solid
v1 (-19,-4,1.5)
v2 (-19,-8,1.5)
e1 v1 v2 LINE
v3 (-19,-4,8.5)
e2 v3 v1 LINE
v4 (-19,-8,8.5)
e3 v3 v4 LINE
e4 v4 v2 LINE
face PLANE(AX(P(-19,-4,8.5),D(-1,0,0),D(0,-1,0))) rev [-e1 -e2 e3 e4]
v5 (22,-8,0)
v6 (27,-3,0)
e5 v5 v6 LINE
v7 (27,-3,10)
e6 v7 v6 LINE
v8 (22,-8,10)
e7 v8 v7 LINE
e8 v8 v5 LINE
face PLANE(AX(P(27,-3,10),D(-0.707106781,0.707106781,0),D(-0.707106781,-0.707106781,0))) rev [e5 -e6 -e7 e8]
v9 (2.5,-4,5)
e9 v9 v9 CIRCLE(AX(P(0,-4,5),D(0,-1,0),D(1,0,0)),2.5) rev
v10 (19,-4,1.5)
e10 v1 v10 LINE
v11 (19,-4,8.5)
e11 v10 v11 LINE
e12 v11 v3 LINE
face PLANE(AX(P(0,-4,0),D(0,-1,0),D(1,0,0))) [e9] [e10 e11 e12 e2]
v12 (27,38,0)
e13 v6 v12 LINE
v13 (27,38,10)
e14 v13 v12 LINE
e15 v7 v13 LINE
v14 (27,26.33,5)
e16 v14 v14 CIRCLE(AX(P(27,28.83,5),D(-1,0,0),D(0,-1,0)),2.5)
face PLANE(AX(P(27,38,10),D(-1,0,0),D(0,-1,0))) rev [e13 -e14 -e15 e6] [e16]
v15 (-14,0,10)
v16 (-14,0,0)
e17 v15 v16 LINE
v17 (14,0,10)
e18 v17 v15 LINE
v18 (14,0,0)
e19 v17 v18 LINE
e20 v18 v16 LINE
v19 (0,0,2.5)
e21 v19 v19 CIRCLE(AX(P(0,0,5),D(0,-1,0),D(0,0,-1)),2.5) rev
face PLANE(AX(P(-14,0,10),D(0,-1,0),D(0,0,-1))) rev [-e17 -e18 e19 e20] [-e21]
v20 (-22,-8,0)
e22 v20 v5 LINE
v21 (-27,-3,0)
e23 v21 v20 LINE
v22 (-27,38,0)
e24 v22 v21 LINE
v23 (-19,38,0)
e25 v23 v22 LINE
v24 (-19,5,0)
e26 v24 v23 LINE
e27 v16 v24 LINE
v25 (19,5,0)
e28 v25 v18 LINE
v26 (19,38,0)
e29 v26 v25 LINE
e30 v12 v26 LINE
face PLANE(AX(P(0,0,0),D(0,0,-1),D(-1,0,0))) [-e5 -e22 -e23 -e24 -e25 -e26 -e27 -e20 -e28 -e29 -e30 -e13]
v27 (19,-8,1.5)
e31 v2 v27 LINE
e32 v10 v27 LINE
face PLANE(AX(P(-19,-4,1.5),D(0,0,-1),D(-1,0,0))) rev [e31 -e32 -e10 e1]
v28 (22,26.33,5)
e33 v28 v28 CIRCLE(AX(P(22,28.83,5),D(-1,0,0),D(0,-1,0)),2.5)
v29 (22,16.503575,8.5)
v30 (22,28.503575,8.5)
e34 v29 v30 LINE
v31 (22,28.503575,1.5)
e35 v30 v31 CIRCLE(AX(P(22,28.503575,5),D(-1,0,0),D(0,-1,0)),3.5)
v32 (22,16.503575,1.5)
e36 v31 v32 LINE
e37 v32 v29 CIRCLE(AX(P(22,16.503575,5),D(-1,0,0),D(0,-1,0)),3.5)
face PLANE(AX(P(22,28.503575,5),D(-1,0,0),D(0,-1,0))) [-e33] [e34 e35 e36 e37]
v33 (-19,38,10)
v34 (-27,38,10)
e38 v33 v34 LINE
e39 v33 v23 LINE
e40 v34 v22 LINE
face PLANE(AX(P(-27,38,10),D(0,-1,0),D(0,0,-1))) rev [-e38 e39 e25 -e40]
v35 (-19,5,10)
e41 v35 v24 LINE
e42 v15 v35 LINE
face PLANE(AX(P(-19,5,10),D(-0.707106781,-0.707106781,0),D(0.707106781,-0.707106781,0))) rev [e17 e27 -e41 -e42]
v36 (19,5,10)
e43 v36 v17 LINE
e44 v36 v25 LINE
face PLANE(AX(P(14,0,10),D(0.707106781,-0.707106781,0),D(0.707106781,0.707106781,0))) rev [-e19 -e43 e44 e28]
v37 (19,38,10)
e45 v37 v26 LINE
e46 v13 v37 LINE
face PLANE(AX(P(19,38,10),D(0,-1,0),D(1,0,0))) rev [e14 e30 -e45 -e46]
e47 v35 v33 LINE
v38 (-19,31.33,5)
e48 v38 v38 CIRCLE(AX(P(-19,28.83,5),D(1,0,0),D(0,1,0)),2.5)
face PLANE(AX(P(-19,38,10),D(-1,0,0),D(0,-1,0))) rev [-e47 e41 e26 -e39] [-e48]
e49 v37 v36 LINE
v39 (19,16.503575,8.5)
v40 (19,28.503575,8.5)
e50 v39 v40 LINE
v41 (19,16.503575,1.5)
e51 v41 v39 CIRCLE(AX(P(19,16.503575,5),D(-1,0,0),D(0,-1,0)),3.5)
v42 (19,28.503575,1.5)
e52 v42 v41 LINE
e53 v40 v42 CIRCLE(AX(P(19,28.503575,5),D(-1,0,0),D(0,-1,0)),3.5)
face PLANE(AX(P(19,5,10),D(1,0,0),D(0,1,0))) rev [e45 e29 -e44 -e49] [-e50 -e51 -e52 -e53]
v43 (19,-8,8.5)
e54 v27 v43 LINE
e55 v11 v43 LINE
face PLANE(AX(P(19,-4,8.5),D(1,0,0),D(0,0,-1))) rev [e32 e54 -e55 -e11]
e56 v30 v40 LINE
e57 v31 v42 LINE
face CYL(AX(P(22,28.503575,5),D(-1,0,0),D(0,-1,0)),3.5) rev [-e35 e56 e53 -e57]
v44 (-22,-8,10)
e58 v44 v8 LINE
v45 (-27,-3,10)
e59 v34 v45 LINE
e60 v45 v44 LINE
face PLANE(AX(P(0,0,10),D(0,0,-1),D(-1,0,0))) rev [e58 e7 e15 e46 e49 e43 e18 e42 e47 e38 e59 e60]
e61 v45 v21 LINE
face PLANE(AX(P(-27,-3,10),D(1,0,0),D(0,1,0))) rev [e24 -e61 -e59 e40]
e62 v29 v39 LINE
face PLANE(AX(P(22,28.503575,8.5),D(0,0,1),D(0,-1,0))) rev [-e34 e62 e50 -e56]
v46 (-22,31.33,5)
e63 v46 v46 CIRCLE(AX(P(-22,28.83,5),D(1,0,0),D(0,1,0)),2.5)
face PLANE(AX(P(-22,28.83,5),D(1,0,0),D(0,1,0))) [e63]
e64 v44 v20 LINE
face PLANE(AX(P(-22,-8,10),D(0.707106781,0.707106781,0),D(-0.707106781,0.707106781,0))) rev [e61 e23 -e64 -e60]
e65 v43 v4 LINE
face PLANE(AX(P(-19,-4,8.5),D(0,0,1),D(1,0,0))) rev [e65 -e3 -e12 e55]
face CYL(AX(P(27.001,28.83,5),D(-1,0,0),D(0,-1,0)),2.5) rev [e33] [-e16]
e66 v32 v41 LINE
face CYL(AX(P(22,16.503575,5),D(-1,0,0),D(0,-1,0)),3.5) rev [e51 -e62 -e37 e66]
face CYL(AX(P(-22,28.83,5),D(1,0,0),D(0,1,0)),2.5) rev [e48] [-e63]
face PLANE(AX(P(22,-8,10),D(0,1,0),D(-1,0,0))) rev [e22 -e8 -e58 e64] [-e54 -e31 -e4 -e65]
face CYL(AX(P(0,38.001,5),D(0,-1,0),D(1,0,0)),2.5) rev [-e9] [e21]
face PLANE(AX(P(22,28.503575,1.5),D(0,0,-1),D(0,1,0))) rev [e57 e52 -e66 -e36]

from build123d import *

# Parameters (mm, degrees)
BOSS_EXTRUDE1_DEPTH            = 10
SKETCH2_R                      = 2.5
CUT_EXTRUDE1_DEPTH             = 3
CUT_EXTRUDE1_DIRECTION_2_REACH = 62.498
CUT_EXTRUDE2_DEPTH             = 3
CUT_EXTRUDE3_REACH             = 56.268
SKETCH4_R                      = 2.5
SKETCH5_W                      = 38
SKETCH5_H                      = 7
CUT_EXTRUDE4_DEPTH             = 4


with BuildPart() as part:
    # Sketch1 → Boss-Extrude1 (new body)
    with BuildSketch(Plane.XY):
        Polygon((-27, 38), (-19, 38), (-19, 5), (-14, 0), (14, 0), (19, 5), (19, 38), (27, 38), (27, -3), (22, -8), (-22, -8), (-27, -3), align=None)
    extrude(amount=BOSS_EXTRUDE1_DEPTH)

    # Sketch2 → Cut-Extrude1 (cut)
    with BuildSketch(Plane(origin=(-19, 0, 0), x_dir=(0, 0, -1), z_dir=(1, 0, 0))):
        with Locations(Location((-5, 28.83, 0), (0, 0, 90))):
            Circle(SKETCH2_R)
    extrude(amount=-CUT_EXTRUDE1_DEPTH, mode=Mode.SUBTRACT)

    # Sketch2 → Cut-Extrude1 direction 2 (cut, up to next)
    with BuildSketch(Plane(origin=(-19, 0, 0), x_dir=(0, 0, -1), z_dir=(1, 0, 0)), mode=Mode.PRIVATE) as cut_extrude1_direction_2_sk1:
        with Locations(Location((-5, 28.83, 0), (0, 0, 90))):
            Circle(SKETCH2_R)
    cut_extrude1_direction_2_tool1 = extrude(cut_extrude1_direction_2_sk1.sketch, amount=CUT_EXTRUDE1_DIRECTION_2_REACH, mode=Mode.PRIVATE) & part.part
    add(cut_extrude1_direction_2_tool1.solids().sort_by_distance((-19, 28.83, 5))[0], mode=Mode.SUBTRACT)

    # Sketch3 → Cut-Extrude2 (cut)
    with BuildSketch(Plane.ZY.offset(-19)):
        with BuildLine():
            Line((8.5, 28.503575447), (8.5, 16.503575447))
            ThreePointArc((8.5, 16.503575447), (5, 13.003575447), (1.5, 16.503575447))
            Line((1.5, 16.503575447), (1.5, 28.503575447))
            ThreePointArc((1.5, 28.503575447), (5, 32.003575447), (8.5, 28.503575447))
        make_face()
    extrude(amount=-CUT_EXTRUDE2_DEPTH, mode=Mode.SUBTRACT)

    # Sketch4 → Cut-Extrude3 (cut, up to next)
    with BuildSketch(Plane.XZ.offset(8), mode=Mode.PRIVATE) as cut_extrude3_sk1:
        with Locations((0, 5)):
            Circle(SKETCH4_R)
    cut_extrude3_tool1 = extrude(cut_extrude3_sk1.sketch, amount=-CUT_EXTRUDE3_REACH, mode=Mode.PRIVATE) & part.part
    add(cut_extrude3_tool1.solids().sort_by_distance((0, -8, 5))[0], mode=Mode.SUBTRACT)

    # Sketch5 → Cut-Extrude4 (cut)
    with BuildSketch(Plane.XZ.offset(8)):
        with Locations((0, 5)):
            Rectangle(SKETCH5_W, SKETCH5_H)
    extrude(amount=-CUT_EXTRUDE4_DEPTH, mode=Mode.SUBTRACT)


solid = part.part
